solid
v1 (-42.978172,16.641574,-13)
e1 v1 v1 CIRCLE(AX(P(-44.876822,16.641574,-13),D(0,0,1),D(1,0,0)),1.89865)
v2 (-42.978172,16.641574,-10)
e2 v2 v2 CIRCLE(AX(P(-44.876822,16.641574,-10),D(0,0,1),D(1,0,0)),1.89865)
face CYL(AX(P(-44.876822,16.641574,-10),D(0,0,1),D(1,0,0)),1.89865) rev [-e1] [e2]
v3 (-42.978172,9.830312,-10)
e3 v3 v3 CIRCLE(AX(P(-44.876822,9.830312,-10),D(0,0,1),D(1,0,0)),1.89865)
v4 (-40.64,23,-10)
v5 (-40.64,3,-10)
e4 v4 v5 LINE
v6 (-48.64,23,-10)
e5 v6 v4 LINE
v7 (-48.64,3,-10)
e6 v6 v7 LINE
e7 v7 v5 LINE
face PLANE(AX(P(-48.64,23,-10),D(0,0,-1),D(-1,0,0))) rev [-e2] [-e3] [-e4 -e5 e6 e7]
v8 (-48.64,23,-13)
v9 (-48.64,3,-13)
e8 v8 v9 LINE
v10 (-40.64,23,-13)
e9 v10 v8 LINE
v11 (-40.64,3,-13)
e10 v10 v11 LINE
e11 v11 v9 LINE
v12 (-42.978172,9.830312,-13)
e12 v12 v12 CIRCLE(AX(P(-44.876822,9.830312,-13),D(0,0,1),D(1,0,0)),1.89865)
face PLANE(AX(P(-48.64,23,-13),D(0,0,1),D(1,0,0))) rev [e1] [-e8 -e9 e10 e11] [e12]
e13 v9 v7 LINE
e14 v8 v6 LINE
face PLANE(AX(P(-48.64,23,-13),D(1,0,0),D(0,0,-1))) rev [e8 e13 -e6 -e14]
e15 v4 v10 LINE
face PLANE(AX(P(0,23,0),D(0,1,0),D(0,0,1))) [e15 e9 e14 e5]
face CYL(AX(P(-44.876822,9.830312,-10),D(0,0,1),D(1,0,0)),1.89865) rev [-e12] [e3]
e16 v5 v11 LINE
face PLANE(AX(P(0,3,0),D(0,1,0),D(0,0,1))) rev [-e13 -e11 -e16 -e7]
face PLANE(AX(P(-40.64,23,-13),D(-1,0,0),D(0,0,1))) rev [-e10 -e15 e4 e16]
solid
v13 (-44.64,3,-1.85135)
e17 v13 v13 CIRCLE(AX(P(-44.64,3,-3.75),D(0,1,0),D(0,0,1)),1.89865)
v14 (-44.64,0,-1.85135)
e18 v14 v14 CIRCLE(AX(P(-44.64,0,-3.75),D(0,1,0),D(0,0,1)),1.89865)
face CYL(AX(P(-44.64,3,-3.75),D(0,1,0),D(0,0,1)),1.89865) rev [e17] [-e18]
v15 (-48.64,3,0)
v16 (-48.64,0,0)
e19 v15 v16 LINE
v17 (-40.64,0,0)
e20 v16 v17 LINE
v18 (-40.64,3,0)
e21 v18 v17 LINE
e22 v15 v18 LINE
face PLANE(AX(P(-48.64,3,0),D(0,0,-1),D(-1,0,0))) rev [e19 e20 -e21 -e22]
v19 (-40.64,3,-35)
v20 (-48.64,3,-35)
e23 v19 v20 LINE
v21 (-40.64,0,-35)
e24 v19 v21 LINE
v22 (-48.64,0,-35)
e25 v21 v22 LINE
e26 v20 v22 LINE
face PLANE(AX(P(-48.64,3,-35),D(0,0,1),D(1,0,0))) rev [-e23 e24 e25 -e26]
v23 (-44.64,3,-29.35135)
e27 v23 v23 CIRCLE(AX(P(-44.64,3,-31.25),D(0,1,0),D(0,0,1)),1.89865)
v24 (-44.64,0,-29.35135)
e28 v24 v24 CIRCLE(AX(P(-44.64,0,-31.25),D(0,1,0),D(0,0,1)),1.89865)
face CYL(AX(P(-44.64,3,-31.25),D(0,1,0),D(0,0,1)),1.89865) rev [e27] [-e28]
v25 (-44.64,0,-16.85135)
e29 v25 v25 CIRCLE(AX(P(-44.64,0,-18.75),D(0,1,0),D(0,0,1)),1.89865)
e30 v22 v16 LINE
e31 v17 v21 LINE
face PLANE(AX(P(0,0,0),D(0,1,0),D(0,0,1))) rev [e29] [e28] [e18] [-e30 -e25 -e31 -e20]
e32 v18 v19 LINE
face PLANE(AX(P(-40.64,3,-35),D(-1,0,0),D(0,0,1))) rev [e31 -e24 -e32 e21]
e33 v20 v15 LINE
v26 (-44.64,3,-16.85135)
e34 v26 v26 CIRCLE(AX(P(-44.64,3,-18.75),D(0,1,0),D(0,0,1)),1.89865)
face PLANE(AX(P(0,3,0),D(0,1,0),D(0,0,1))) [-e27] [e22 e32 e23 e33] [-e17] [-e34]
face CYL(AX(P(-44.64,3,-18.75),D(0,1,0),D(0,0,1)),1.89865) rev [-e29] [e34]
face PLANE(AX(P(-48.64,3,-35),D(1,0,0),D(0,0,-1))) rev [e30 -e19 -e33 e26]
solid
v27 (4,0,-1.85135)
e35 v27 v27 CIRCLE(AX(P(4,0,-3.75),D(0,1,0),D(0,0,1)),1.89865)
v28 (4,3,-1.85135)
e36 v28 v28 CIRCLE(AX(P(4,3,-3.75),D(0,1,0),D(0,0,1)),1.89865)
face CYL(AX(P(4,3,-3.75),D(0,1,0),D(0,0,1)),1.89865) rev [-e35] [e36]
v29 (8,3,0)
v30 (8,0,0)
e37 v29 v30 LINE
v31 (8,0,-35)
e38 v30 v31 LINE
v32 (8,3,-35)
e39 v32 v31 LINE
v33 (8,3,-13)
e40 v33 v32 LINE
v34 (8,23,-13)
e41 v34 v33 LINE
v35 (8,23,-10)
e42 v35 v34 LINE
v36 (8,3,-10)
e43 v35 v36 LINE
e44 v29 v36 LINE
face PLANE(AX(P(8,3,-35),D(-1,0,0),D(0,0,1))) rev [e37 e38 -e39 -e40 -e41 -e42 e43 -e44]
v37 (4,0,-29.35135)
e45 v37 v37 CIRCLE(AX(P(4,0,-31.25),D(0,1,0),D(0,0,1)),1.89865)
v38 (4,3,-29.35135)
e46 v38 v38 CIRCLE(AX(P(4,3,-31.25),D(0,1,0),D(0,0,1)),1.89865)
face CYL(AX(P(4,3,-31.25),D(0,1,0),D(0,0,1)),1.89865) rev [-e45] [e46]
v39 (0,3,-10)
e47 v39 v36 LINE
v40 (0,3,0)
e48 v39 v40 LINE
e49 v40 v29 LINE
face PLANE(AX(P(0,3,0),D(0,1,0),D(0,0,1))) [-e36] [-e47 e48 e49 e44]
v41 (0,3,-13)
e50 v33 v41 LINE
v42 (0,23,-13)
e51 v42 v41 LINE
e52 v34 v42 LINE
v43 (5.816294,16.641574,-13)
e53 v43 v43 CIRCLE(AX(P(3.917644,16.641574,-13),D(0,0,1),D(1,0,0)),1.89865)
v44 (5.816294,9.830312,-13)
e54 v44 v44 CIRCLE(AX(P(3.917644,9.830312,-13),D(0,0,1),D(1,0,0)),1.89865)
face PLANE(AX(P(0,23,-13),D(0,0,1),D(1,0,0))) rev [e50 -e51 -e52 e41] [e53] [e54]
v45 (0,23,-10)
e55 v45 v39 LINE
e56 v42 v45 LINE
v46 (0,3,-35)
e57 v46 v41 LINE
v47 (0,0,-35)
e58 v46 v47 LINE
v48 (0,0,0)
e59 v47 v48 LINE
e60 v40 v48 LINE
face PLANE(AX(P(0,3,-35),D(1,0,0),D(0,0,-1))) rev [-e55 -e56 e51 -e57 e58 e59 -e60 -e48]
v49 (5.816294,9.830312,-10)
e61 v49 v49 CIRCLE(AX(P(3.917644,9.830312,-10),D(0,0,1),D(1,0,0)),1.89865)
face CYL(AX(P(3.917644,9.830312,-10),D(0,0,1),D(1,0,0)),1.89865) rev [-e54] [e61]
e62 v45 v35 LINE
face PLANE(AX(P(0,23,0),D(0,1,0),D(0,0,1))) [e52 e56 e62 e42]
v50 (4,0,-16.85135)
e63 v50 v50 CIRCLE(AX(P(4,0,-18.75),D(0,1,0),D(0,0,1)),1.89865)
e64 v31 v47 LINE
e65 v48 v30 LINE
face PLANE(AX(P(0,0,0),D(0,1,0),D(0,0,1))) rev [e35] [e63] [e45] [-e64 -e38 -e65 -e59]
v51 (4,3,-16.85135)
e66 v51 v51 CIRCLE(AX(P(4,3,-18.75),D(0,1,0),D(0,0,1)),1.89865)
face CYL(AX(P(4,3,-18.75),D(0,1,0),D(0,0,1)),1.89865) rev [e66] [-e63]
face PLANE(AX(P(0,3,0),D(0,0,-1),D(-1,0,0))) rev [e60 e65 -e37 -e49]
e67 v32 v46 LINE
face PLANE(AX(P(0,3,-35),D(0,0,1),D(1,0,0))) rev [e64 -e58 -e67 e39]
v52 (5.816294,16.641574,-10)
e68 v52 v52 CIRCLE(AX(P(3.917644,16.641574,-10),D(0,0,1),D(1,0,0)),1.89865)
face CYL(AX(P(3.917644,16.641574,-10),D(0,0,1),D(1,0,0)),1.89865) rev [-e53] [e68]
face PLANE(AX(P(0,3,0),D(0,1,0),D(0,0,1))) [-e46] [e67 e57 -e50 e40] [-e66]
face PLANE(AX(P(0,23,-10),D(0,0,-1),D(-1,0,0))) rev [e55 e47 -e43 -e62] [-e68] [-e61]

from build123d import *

# Parameters (mm, degrees)
SKETCH1_W                      = 8
SKETCH1_H                      = 35
BOSS_EXTRUDE1_DEPTH            = 3
BOSS_EXTRUDE1_2_DEPTH          = 3
SKETCH2_W                      = 8
SKETCH2_H                      = 3
BOSS_EXTRUDE2_DEPTH            = 20
SKETCH4_W                      = 1.89865
SKETCH4_H                      = 25
F_6_CLEARANCE_HOLE1_AT_2_COUNT = 2
F_6_CLEARANCE_HOLE1_AT_2_PITCH = 6.811261247
F_6_CLEARANCE_HOLE1_AT_3_COUNT = 2
F_6_CLEARANCE_HOLE1_AT_3_PITCH = 48.794466348
F_6_CLEARANCE_HOLE1_AT_4_COUNT = 2
F_6_CLEARANCE_HOLE1_AT_4_PITCH = 49.267567689
SKETCH6_W                      = 1.89865
SKETCH6_H                      = 3
F_6_CLEARANCE_HOLE2_AT_2_COUNT = 2
F_6_CLEARANCE_HOLE2_AT_2_PITCH = 12.5
F_6_CLEARANCE_HOLE2_AT_3_COUNT = 2
F_6_CLEARANCE_HOLE2_AT_3_PITCH = 27.5
F_6_CLEARANCE_HOLE2_AT_4_COUNT = 2
F_6_CLEARANCE_HOLE2_AT_4_PITCH = 48.64
F_6_CLEARANCE_HOLE2_AT_5_COUNT = 2
F_6_CLEARANCE_HOLE2_AT_5_PITCH = 50.220509754
F_6_CLEARANCE_HOLE2_AT_6_COUNT = 2
F_6_CLEARANCE_HOLE2_AT_6_PITCH = 55.875751449


with BuildPart() as part:
    # Sketch1 → Boss-Extrude1 (new body)
    with BuildSketch(Plane(origin=(0, 0, 0), x_dir=(1, 0, 0), z_dir=(0, 1, 0))):
        with Locations((4, 17.5)):
            Rectangle(SKETCH1_W, SKETCH1_H)
    extrude(amount=BOSS_EXTRUDE1_DEPTH)

    # Sketch2 → Boss-Extrude2 (add)
    with BuildSketch(Plane(origin=(0, 3, 0), x_dir=(1, 0, 0), z_dir=(0, 1, 0))):
        with Locations((4, 11.5)):
            Rectangle(SKETCH2_W, SKETCH2_H)
        with Locations((-44.64, 11.5)):
            Rectangle(SKETCH2_W, SKETCH2_H)
    extrude(amount=BOSS_EXTRUDE2_DEPTH)


with BuildPart() as body_2:
    # Sketch1 → Boss-Extrude1 2 (new body)
    with BuildSketch(Plane(origin=(0, 0, 0), x_dir=(1, 0, 0), z_dir=(0, 1, 0))):
        with Locations((-44.64, 17.5)):
            Rectangle(SKETCH1_W, SKETCH1_H)
    extrude(amount=BOSS_EXTRUDE1_2_DEPTH)

    # Sketch6 → #6 Clearance Hole2 (revolve, cut)
    with BuildSketch(Plane(origin=(-44.64, 3, -31.25), x_dir=(0, 0, 1), z_dir=(1, 0, 0))):
        with Locations((0.949325, 1.5)):
            Rectangle(SKETCH6_W, SKETCH6_H)
    f_6_clearance_hole2 = revolve(axis=Axis((-44.64, 9.35, -31.25), (0, -1, 0)), mode=Mode.SUBTRACT)

    # #6 Clearance Hole2 at 2: #6 Clearance Hole2 ×2
    with Locations(*[(0, 0, i * F_6_CLEARANCE_HOLE2_AT_2_PITCH) for i in range(1, F_6_CLEARANCE_HOLE2_AT_2_COUNT)]):
        add(f_6_clearance_hole2, mode=Mode.SUBTRACT)

    # #6 Clearance Hole2 at 3: #6 Clearance Hole2 ×2
    with Locations(*[(0, 0, i * F_6_CLEARANCE_HOLE2_AT_3_PITCH) for i in range(1, F_6_CLEARANCE_HOLE2_AT_3_COUNT)]):
        add(f_6_clearance_hole2, mode=Mode.SUBTRACT)


with BuildPart() as boss_extrude2_piece_1:
    # of the separate pieces the step leaves, piece 1, a body of its own (boss_extrude2_pieces)
    add(part.part.solids().sort_by_distance((0, 0, -35))[0])


with BuildPart() as boss_extrude2_piece_2:
    # of the separate pieces the step leaves, piece 2, a body of its own (boss_extrude2_pieces)
    add(part.part.solids().sort_by_distance((-48.64, 3, -13))[0])

    # Sketch4 → #6 Clearance Hole1 (revolve, cut)
    with BuildSketch(Plane(origin=(-44.876822142, 16.641573731, -10), x_dir=(0, -1, 0), z_dir=(1, 0, 0))):
        with Locations((0.949325, 12.5)):
            Rectangle(SKETCH4_W, SKETCH4_H)
    f_6_clearance_hole1 = revolve(axis=Axis((-44.876822142, 16.641573731, -3.65), (0, 0, -1)), mode=Mode.SUBTRACT)

    # #6 Clearance Hole1 at 2: #6 Clearance Hole1 ×2
    with Locations(*[(0, -i * F_6_CLEARANCE_HOLE1_AT_2_PITCH, 0) for i in range(1, F_6_CLEARANCE_HOLE1_AT_2_COUNT)]):
        add(f_6_clearance_hole1, mode=Mode.SUBTRACT)


with BuildPart() as boss_extrude2_piece_1_1:
    add(boss_extrude2_piece_1.part)

    # #6 Clearance Hole1 at 3: #6 Clearance Hole1 ×2
    with Locations(*[(i * F_6_CLEARANCE_HOLE1_AT_3_PITCH, 0, 0) for i in range(1, F_6_CLEARANCE_HOLE1_AT_3_COUNT)]):
        add(f_6_clearance_hole1, mode=Mode.SUBTRACT)

    # #6 Clearance Hole1 at 4: #6 Clearance Hole1 ×2
    with Locations(*[Vector(0.99039730672902, -0.13825040623413515, 0) * (i * F_6_CLEARANCE_HOLE1_AT_4_PITCH) for i in range(1, F_6_CLEARANCE_HOLE1_AT_4_COUNT)]):
        add(f_6_clearance_hole1, mode=Mode.SUBTRACT)

    # #6 Clearance Hole2 at 4: #6 Clearance Hole2 ×2
    with Locations(*[(i * F_6_CLEARANCE_HOLE2_AT_4_PITCH, 0, 0) for i in range(1, F_6_CLEARANCE_HOLE2_AT_4_COUNT)]):
        add(f_6_clearance_hole2, mode=Mode.SUBTRACT)

    # #6 Clearance Hole2 at 5: #6 Clearance Hole2 ×2
    with Locations(*[Vector(0.9685285999244415, 0, 0.2489022923325559) * (i * F_6_CLEARANCE_HOLE2_AT_5_PITCH) for i in range(1, F_6_CLEARANCE_HOLE2_AT_5_COUNT)]):
        add(f_6_clearance_hole2, mode=Mode.SUBTRACT)

    # #6 Clearance Hole2 at 6: #6 Clearance Hole2 ×2
    with Locations(*[Vector(0.8705028342092377, 0, 0.4921634033872129) * (i * F_6_CLEARANCE_HOLE2_AT_6_PITCH) for i in range(1, F_6_CLEARANCE_HOLE2_AT_6_COUNT)]):
        add(f_6_clearance_hole2, mode=Mode.SUBTRACT)


solid = Compound([body_2.part, boss_extrude2_piece_2.part, boss_extrude2_piece_1_1.part])
